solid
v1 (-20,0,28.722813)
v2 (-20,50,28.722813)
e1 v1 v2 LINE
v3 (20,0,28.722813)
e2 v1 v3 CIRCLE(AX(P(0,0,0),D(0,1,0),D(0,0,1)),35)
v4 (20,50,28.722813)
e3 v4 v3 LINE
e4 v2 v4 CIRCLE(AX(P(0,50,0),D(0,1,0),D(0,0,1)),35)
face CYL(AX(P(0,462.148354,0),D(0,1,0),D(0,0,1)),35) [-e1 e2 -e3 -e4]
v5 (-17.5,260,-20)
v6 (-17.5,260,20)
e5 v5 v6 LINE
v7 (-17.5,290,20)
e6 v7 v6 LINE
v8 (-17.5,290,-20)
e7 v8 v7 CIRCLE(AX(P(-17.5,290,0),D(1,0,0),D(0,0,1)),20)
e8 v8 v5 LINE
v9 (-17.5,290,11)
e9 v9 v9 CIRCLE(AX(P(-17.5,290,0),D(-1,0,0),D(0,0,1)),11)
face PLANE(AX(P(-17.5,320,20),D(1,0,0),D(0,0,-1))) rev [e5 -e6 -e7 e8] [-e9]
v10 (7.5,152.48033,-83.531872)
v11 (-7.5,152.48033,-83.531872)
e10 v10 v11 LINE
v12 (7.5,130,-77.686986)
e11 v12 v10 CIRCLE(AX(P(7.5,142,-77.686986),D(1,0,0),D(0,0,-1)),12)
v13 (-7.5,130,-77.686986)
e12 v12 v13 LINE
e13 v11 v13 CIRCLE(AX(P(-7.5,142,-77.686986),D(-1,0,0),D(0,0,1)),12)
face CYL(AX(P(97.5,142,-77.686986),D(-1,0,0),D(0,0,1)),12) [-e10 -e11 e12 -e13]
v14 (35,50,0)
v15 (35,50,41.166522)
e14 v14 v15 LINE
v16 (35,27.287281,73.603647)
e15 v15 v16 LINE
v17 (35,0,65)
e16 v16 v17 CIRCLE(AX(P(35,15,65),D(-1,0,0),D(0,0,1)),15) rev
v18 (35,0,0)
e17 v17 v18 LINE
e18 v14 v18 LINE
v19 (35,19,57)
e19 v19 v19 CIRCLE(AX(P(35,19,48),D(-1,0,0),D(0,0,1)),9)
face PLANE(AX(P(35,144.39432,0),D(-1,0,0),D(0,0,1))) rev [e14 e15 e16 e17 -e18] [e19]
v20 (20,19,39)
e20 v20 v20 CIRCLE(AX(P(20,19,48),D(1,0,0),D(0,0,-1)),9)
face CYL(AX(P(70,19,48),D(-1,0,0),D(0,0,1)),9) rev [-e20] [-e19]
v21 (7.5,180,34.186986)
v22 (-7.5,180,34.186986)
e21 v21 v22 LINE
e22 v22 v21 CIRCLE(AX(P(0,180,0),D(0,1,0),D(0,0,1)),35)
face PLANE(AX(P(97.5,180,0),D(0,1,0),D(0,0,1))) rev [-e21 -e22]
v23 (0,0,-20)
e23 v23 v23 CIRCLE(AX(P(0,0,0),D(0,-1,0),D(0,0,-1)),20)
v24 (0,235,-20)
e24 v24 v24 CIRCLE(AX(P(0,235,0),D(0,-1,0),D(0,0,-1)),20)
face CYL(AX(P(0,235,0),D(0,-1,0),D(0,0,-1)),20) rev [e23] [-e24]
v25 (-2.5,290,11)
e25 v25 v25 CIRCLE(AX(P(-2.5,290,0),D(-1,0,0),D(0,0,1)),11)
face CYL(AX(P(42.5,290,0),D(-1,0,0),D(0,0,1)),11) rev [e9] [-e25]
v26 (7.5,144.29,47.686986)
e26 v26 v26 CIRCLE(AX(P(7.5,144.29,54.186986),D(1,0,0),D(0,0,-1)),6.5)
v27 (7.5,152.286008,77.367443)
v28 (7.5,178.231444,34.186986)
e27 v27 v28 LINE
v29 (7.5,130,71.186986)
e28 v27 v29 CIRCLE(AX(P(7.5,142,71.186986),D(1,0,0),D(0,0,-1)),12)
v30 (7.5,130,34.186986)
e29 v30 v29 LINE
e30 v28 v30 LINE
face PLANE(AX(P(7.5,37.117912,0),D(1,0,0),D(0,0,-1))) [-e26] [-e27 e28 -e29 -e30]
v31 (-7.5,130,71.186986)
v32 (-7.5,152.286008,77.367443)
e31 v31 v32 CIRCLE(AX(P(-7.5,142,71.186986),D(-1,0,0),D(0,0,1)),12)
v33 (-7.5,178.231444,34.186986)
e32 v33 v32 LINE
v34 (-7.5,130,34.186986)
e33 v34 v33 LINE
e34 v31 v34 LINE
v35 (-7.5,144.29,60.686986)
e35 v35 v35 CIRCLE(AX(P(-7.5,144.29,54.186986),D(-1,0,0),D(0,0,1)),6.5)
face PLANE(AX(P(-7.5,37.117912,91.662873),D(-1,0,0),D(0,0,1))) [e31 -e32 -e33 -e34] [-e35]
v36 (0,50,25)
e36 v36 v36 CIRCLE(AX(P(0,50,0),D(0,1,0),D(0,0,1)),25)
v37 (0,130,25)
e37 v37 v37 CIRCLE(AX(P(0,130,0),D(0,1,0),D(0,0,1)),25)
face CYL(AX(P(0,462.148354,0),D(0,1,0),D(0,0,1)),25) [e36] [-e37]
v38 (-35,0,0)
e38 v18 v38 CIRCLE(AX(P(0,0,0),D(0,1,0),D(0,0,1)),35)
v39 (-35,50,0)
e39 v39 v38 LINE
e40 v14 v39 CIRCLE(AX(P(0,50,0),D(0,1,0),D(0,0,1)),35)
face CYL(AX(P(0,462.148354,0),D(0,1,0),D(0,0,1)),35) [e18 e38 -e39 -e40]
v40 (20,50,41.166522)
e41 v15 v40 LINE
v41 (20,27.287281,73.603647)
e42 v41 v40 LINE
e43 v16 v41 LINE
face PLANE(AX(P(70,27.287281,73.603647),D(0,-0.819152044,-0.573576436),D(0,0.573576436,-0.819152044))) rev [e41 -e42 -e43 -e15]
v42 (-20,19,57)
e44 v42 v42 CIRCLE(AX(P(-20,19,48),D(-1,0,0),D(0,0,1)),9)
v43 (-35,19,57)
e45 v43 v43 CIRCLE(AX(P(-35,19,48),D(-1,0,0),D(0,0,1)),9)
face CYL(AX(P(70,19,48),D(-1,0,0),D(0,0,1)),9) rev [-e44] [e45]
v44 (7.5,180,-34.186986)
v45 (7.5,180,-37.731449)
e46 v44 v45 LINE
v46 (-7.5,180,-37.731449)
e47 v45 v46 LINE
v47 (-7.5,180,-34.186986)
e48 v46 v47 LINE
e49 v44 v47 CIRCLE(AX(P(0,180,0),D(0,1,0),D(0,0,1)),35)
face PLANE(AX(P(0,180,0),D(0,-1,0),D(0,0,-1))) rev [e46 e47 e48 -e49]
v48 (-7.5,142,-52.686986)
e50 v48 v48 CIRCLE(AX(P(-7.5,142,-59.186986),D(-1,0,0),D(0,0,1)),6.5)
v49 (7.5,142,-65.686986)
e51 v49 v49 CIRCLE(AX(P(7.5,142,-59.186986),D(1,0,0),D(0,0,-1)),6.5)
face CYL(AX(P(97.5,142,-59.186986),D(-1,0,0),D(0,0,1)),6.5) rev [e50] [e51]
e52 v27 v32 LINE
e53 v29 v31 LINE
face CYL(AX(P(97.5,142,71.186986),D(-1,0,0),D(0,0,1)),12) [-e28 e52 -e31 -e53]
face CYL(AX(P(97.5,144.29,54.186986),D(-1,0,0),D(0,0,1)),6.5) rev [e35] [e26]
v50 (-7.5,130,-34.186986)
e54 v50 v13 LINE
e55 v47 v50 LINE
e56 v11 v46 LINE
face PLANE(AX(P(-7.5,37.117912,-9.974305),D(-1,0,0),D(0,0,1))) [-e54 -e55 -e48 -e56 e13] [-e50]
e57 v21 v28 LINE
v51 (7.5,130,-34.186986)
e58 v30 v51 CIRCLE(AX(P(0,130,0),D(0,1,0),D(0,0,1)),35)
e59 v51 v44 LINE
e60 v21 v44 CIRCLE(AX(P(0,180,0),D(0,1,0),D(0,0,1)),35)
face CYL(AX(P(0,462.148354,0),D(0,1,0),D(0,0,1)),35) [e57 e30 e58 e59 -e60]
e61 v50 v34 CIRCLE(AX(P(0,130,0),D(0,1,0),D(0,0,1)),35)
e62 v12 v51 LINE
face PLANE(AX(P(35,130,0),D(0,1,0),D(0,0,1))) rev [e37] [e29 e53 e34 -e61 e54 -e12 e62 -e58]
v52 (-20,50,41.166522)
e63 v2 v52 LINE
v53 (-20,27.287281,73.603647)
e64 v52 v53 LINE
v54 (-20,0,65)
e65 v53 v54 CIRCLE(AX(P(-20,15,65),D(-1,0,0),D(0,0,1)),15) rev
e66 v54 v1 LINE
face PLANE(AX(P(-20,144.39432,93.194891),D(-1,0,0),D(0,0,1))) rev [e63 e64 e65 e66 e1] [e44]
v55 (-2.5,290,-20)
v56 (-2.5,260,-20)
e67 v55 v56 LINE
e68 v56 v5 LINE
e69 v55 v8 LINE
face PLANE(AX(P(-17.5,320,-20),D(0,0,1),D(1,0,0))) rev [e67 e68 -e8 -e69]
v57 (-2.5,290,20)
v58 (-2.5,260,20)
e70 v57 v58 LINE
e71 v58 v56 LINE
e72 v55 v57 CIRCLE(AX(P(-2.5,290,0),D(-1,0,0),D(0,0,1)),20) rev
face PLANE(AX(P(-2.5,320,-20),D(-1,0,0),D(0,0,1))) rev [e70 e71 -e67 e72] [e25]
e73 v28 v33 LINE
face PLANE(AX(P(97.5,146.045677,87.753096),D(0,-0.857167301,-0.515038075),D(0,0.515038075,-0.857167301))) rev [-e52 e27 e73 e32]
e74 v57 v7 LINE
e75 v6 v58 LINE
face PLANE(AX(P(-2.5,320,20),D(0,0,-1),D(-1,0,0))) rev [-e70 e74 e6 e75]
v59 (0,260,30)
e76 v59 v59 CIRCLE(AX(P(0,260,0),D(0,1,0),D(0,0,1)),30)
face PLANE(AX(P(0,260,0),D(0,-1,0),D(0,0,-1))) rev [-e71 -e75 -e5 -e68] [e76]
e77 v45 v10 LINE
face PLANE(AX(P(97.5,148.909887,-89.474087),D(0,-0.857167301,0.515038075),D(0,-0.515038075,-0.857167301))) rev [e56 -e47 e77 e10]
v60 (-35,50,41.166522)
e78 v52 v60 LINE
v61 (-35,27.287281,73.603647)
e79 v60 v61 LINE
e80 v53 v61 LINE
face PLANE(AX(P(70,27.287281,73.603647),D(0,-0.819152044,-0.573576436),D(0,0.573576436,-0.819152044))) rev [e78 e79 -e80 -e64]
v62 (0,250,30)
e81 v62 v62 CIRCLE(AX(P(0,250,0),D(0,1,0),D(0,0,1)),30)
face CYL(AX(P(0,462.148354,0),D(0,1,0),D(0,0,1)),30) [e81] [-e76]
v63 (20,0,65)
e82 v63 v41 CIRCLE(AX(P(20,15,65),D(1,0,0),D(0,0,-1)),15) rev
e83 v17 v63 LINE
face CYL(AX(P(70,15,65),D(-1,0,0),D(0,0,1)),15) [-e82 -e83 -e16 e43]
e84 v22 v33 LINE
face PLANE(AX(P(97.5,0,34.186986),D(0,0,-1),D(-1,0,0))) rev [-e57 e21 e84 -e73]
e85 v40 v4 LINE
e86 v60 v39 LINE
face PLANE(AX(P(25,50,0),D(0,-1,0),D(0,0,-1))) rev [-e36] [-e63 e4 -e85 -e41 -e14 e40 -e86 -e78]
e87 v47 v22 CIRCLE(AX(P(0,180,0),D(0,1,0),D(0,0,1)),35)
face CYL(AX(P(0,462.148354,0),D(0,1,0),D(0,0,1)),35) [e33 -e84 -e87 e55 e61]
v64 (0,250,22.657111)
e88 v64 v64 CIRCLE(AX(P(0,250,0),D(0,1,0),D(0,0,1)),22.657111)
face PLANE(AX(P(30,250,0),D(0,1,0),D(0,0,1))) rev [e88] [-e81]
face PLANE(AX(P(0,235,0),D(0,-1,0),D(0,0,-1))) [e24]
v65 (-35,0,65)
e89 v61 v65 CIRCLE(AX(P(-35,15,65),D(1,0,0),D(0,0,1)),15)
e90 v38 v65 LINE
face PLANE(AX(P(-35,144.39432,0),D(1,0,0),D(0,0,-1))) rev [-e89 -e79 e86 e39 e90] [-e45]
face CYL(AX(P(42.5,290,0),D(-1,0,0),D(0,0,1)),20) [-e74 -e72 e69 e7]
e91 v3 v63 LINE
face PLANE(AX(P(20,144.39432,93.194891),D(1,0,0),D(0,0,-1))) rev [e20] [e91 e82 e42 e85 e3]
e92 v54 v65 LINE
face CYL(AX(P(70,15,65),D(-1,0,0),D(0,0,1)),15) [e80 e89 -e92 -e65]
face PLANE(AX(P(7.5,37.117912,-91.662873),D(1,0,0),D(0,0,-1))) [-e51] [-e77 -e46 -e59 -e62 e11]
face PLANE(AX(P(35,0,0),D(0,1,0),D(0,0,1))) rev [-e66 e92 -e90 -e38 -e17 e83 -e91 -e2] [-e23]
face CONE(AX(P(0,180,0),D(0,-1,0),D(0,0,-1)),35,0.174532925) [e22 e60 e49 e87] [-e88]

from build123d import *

# Parameters (mm, degrees)
SKETCH2_W           = 15
SKETCH2_H           = 93.194890567
BOSS_EXTRUDE2_DEPTH = 50
SKETCH3_R           = 9
CUT_EXTRUDE6_DEPTH  = 105
BOSS_EXTRUDE4_DEPTH = 50
SKETCH7_R           = 6.5
CUT_EXTRUDE7_DEPTH  = 105
SKETCH8_R           = 20
CUT_EXTRUDE8_DEPTH  = 235
SKETCH11_W          = 15
SKETCH11_H          = 40
BOSS_EXTRUDE5_DEPTH = 60
SKETCH12_R          = 11
CUT_EXTRUDE9_DEPTH  = 60


with BuildPart() as part:
    # Sketch1 → Revolve1 (revolve)
    with BuildSketch(Plane.XY):
        Polygon((0, 260), (30, 260), (30, 250), (22.65711135, 250), (35, 180), (35, 130), (25, 130), (25, 50), (35, 50), (35, 0), (0, 0), align=None)
    revolve(axis=Axis((0, 462.148353897, 0), (0, -1, 0)))

    # Sketch2 → Boss-Extrude2 (add)
    with BuildSketch(Plane(origin=(0, 0, 0), x_dir=(1, 0, 0), z_dir=(0, 1, 0))):
        with Locations((-27.5, -46.597445284)):
            Rectangle(SKETCH2_W, SKETCH2_H)
        with Locations((27.5, -46.597445284)):
            Rectangle(SKETCH2_W, SKETCH2_H)
    extrude(amount=BOSS_EXTRUDE2_DEPTH)

    # Sketch3 → Cut-Extrude6 (cut)
    with BuildSketch(Plane.ZY.offset(35)):
        with Locations((48, 19)):
            Circle(SKETCH3_R)
        with BuildLine():
            Line((73.603646545, 27.287280664), (41.166521698, 50))
            Line((41.166521698, 50), (93.194890567, 50))
            Line((93.194890567, 50), (93.194890567, 0))
            Line((93.194890567, 0), (65, 0))
            ThreePointArc((65, 0), (79.305754261, 10.489413007), (73.603646545, 27.287280664))
        make_face()
    extrude(amount=-CUT_EXTRUDE6_DEPTH, mode=Mode.SUBTRACT)

    # Sketch6 → Boss-Extrude4 (add)
    with BuildSketch(Plane(origin=(0, 180, 0), x_dir=(1, 0, 0), z_dir=(0, 1, 0))):
        Polygon((0, 0), (7.5, 0), (7.5, -91.66287292), (-7.5, -91.66287292), (-7.5, 0), align=None)
        Polygon((7.5, 91.66287292), (7.5, 9.253142795), (-7.5, 9.974305291), (-7.5, 91.66287292), align=None)
    extrude(amount=-BOSS_EXTRUDE4_DEPTH)

    # Sketch7 → Cut-Extrude7 (cut)
    with BuildSketch(Plane.ZY.offset(7.5)):
        with BuildLine():
            ThreePointArc((-83.531871553, 152.480329712), (-89.300855909, 138.980393779), (-77.686985828, 130))
            Line((-77.686985828, 130), (-91.66287292, 130))
            Line((-91.66287292, 130), (-91.66287292, 180))
            Line((-91.66287292, 180), (-37.731448931, 180))
            Line((-37.731448931, 180), (-83.531871553, 152.480329712))
        make_face()
        with BuildLine():
            Line((34.186985828, 180), (34.186985828, 178.231443671))
            Line((34.186985828, 178.231443671), (77.367442727, 152.286007608))
            ThreePointArc((77.367442727, 152.286007608), (82.750551266, 138.793139487), (71.186985828, 130))
            Line((71.186985828, 130), (91.66287292, 130))
            Line((91.66287292, 130), (91.66287292, 180))
            Line((91.66287292, 180), (34.186985828, 180))
        make_face()
        with Locations((54.186985828, 144.29)):
            Circle(SKETCH7_R)
        with Locations((-59.186985828, 142)):
            Circle(SKETCH7_R)
    extrude(amount=-CUT_EXTRUDE7_DEPTH, mode=Mode.SUBTRACT)

    # Sketch8 → Cut-Extrude8 (cut)
    with BuildSketch(Plane.XZ):
        Circle(SKETCH8_R)
    extrude(amount=-CUT_EXTRUDE8_DEPTH, mode=Mode.SUBTRACT)

    # Sketch11 → Boss-Extrude5 (add)
    with BuildSketch(Plane(origin=(0, 260, 0), x_dir=(1, 0, 0), z_dir=(0, 1, 0))):
        with Locations((-10, 0)):
            Rectangle(SKETCH11_W, SKETCH11_H)
    extrude(amount=BOSS_EXTRUDE5_DEPTH)

    # Sketch12 → Cut-Extrude9 (cut)
    with BuildSketch(Plane.ZY.offset(17.5)):
        with Locations((0, 290)):
            Circle(SKETCH12_R)
        with BuildLine():
            Line((-20, 290), (-20, 320))
            Line((-20, 320), (20, 320))
            Line((20, 320), (20, 290))
            ThreePointArc((20, 290), (0, 310), (-20, 290))
        make_face()
    extrude(amount=-CUT_EXTRUDE9_DEPTH, mode=Mode.SUBTRACT)


solid = part.part
